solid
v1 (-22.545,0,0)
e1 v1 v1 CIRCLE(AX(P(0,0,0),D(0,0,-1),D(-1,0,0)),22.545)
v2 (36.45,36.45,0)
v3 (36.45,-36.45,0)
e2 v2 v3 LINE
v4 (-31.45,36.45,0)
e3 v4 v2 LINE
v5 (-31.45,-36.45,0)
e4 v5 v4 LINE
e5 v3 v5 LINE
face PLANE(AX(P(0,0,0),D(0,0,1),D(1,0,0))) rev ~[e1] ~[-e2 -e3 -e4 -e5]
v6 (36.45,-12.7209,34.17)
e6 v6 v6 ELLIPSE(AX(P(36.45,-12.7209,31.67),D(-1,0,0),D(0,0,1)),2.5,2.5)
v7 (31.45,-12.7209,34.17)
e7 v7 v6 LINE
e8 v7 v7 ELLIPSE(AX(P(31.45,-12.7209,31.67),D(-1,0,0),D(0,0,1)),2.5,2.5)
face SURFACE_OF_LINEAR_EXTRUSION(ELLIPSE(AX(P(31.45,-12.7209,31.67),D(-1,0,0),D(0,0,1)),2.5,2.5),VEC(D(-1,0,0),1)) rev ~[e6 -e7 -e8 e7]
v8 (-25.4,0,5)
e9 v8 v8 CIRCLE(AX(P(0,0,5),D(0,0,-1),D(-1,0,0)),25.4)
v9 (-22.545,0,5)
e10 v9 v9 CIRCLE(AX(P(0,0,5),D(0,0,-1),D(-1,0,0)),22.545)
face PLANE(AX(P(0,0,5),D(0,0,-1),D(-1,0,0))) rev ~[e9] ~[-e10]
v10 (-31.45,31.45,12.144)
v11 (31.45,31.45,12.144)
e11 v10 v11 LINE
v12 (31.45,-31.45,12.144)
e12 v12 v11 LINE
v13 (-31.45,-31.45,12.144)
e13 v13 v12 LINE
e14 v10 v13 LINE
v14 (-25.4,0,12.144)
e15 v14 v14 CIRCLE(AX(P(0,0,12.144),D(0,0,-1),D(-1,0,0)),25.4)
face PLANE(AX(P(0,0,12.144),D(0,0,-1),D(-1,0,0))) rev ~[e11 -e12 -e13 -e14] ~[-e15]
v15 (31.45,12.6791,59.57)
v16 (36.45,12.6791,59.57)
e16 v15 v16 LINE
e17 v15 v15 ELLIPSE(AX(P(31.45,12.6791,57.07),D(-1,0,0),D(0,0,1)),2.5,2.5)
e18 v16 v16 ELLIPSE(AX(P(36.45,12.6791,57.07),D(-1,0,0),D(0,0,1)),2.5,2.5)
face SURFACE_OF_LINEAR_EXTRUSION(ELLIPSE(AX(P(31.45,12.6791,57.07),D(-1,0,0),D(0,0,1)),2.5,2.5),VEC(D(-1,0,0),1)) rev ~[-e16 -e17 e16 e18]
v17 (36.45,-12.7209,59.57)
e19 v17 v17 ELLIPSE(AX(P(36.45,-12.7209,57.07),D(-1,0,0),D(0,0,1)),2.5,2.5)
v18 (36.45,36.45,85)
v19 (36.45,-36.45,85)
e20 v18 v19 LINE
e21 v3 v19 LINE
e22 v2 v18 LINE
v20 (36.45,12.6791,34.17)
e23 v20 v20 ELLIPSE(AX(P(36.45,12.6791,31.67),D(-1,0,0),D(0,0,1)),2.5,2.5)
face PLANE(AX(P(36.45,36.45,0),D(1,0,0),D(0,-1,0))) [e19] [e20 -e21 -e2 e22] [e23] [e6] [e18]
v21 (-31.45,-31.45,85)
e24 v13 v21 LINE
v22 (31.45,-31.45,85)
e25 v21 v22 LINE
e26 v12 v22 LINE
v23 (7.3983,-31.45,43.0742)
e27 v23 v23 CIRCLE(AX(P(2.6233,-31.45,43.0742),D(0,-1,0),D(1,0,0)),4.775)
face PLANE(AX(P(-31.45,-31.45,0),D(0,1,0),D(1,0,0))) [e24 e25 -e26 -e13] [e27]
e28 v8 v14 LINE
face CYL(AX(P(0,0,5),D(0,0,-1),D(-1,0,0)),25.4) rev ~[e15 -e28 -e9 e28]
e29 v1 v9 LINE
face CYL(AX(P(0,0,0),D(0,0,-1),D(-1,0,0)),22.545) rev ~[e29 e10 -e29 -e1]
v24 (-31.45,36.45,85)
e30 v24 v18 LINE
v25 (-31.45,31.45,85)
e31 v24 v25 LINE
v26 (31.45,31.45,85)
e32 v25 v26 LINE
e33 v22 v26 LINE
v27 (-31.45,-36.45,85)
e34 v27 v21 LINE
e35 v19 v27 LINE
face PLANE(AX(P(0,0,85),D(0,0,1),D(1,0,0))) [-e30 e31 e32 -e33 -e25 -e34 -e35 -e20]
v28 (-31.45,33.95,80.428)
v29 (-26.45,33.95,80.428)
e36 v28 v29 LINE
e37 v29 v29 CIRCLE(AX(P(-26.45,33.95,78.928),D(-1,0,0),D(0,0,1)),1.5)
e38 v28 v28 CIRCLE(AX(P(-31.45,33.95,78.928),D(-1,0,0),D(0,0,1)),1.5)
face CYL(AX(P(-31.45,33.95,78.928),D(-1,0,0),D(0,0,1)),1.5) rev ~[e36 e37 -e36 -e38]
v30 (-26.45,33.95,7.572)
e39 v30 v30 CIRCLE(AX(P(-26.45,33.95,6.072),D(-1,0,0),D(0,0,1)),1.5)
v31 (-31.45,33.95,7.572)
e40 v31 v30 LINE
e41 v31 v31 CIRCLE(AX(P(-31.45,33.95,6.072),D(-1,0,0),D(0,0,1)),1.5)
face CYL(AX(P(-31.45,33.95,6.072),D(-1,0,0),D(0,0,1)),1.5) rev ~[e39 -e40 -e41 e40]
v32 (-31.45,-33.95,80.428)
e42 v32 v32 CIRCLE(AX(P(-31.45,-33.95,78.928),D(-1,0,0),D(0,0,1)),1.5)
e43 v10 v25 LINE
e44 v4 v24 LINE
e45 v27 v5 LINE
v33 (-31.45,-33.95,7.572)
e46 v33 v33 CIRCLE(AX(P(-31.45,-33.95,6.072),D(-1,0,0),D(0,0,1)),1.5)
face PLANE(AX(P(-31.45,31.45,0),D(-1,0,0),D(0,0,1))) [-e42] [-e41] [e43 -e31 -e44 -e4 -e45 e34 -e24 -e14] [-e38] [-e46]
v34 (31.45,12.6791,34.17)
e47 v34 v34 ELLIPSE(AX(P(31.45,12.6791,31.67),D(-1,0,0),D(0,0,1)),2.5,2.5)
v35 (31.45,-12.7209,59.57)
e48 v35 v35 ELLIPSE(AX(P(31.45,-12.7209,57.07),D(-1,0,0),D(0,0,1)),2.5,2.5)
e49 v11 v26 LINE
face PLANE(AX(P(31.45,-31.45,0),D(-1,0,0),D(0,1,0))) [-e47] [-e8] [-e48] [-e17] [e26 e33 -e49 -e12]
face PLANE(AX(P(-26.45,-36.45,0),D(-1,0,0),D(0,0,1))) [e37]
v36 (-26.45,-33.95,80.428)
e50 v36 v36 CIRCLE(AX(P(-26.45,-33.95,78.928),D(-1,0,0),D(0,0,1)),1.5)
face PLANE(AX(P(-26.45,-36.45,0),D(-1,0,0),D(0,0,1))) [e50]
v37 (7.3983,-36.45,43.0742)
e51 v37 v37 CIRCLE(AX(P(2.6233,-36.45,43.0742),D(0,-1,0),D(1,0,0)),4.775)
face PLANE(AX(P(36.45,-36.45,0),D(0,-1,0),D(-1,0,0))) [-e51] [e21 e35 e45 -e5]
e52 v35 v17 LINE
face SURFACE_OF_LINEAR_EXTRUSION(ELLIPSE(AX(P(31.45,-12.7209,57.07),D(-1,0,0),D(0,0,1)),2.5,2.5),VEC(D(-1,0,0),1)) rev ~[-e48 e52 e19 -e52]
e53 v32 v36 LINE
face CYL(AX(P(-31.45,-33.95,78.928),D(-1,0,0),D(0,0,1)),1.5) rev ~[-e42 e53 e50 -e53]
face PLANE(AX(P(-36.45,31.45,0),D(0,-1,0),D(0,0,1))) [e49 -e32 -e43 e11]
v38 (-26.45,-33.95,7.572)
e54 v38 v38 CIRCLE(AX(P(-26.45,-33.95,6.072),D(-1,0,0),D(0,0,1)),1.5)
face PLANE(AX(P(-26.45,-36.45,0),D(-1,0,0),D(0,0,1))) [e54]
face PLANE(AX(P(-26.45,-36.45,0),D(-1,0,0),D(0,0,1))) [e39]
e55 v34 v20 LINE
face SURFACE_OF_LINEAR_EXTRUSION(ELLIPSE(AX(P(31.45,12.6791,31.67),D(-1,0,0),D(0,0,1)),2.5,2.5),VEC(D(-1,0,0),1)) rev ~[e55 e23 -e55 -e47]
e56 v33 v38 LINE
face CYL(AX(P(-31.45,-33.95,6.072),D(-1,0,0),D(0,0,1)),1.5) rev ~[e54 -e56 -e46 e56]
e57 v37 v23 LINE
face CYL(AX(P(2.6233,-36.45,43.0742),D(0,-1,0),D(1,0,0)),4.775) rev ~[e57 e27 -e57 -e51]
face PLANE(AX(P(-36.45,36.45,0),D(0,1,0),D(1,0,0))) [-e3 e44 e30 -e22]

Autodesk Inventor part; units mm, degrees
ref_plane "YZ Plane" through (0, 0, 0) normal (1, 0, 0) x (0, 1, 0)
ref_plane "XZ Plane" through (0, 0, 0) normal (0, 1, 0) x (-1, 0, 0)
ref_plane "XY Plane" through (0, 0, 0) normal (0, 0, 1) x (1, 0, 0)
sketch "Sketch1" plane through (0, 0, 0) normal (0, 0, 1) x (1, 0, 0)
  line L0 (-31.45, -31.45) -> (31.45, -31.45)
  line L1 (31.45, -31.45) -> (31.45, 31.45)
  line L2 (31.45, 31.45) -> (-31.45, 31.45)
  line L3 (-31.45, 31.45) -> (-31.45, -31.45)
  line L4 (-31.45, -31.45) -> (31.45, 31.45) construction
  line L5 (31.45, -31.45) -> (-31.45, 31.45) construction
  line L6 (-36.45, 36.45) -> (36.45, 36.45)
  line L7 (36.45, 36.45) -> (36.45, -36.45)
  line L8 (36.45, -36.45) -> (-36.45, -36.45)
  line L9 (-36.45, -36.45) -> (-36.45, 36.45)
  point P0 (0, 0)
  dimension "d0" = 62.9
  dimension "d1" = 62.9
  dimension "d2" = 5
extrude "Extrusion1" add sketch "Sketch1" along normal blind 85
sketch "Sketch2" plane through (0, 0, 0) normal (0, 0, -1) x (-1, 0, 0)
  line L0 (31.45, 31.45) -> (-31.45, 31.45) projected
  line L1 (31.45, -31.45) -> (-31.45, -31.45)
  line L2 (-31.45, -31.45) -> (-31.45, 31.45)
  line L3 (-31.45, 31.45) -> (31.45, 31.45)
  line L4 (31.45, 31.45) -> (31.45, -31.45)
  line L5 (31.45, -31.45) -> (-31.45, 31.45) construction
  line L6 (-31.45, -31.45) -> (31.45, 31.45) construction
  point P0 (0, 0)
  point P1 (31.45, 31.45)
extrude "Extrusion2" add sketch "Sketch2" against normal blind 12.144
sketch "Sketch3" plane through (-36.45, -36.45, 0) normal (-1, 0, 0) x (0, 0, 1)
  line L0 (85, 0) -> (85, 72.9) projected
  line L1 (85, 0) -> (0, 0)
  line L2 (0, 0) -> (0, 67.9)
  line L3 (0, 67.9) -> (85, 67.9)
  line L4 (85, 67.9) -> (85, 0)
  point P0 (0, 36.45)
extrude "Extrusion3" cut sketch "Sketch3" against normal blind 5
sketch "Sketch4" plane through (0, 0, 0) normal (0, 0, -1) x (-1, 0, 0)
  point P0 (0, 0)
sketch "Sketch5" plane through (-36.45, 31.45, 0) normal (-1, 0, 0) x (0, 0, 1)
  line L0 (0, 5) -> (0, 0) projected
  line L1 (0, 5) -> (85, 5) projected
  line L2 (0, 0) -> (85, 0) projected
  line L3 (85, 5) -> (85, 0) projected
  point P0 (0, -31.45)
extrude "Extrusion4" cut sketch "Sketch5" against normal blind 5
sketch "Sketch6" plane through (0, 0, 0) normal (0, 0, -1) x (-1, 0, 0)
  circle A0 centre (0, 0) radius 22.545
  dimension "d11" = 45.09
extrude "Extrusion5" cut sketch "Sketch6" against normal blind 5
sketch "Sketch7" plane through (0, 0, 5) normal (0, 0, -1) x (-1, 0, 0)
  circle A0 centre (0, 0) radius 25.4
  dimension "d14" = 50.8
sketch "Sketch8" plane through (0, 0, 12.144) normal (0, 0, 1) x (1, 0, 0)
  point P0 (0, 0)
extrude "Extrusion6" cut sketch "Sketch7" against normal blind 10
sketch "Sketch12" plane through (36.45, 36.45, 85) normal (0, 1, 0) x (1, 0, 0)
  circle A0 centre (-33.8267, 41.9258) radius 12.7 projected
  point P0 (-36.45, 85)
extrude "Extrusion10" cut sketch "Sketch12" along normal blind 5
sketch "Sketch13" plane through (31.45, -31.45, 85) normal (-1, 0, 0) x (0, 0, 1)
  ellipse E0 centre (-53.33, 18.7291) end of major axis (-50.83, 18.7291) minor radius 2.5 projected
  ellipse E1 centre (-27.93, 44.1291) end of major axis (-25.43, 44.1291) minor radius 2.5 projected
  ellipse E2 centre (-53.33, 44.1291) end of major axis (-50.83, 44.1291) minor radius 2.5 projected
  ellipse E3 centre (-27.93, 18.7291) end of major axis (-25.43, 18.7291) minor radius 2.5 projected
  point P0 (-85, 31.45)
extrude "Extrusion11" cut sketch "Sketch13" against normal blind 5
sketch "Sketch14" plane through (-31.45, -36.45, 0) normal (-1, 0, 0) x (0, 0, 1)
  circle A0 centre (6.072, 70.4) radius 1.5
  line L0 (0, 72.9) -> (85, 72.9) projected
  line L1 (0, 0) -> (0, 67.9) projected
  line L2 (12.144, 5) -> (12.144, 67.9) projected
  circle A1 centre (6.072, 2.5) radius 1.5
  line L3 (85, 0) -> (0, 0) projected
  circle A2 centre (78.928, 70.4) radius 1.5
  circle A3 centre (78.928, 2.5) radius 1.5
  line L4 (85, 5) -> (85, 0) projected
  point P0 (0, 36.45)
  dimension "d43" = 3
  dimension "d44" = 2.5
  dimension "d45" = 6.072
  dimension "d46" = 12.144
  dimension "d47" = 3
  dimension "d48" = 2.5
  dimension "d49" = 6.072
  dimension "d50" = 3
  dimension "d51" = 6.072
  dimension "d52" = 2.5
  dimension "d53" = 3
  dimension "d54" = 6.072
extrude "Extrusion12" cut sketch "Sketch14" against normal blind 5
thread "Thread5" size "M3x0.5" class "6H" standard "ANSI Metric M Profile" full length
thread "Thread6" size "M3x0.5" class "6H" standard "ANSI Metric M Profile" full length
thread "Thread7" size "M3x0.5" class "6H" standard "ANSI Metric M Profile" full length
thread "Thread8" size "M3x0.5" class "6H" standard "ANSI Metric M Profile" full length
sketch "Sketch15" plane through (36.45, -36.45, 0) normal (0, -1, 0) x (1, 0, 0)
  circle A0 centre (-33.8267, 43.0742) radius 12.7 projected
  circle A1 centre (-33.8267, 43.0742) radius 4.775
  point P0 (-36.45, 0)
  dimension "d65" = 9.55
extrude "Extrusion13" cut sketch "Sketch15" against normal blind 5 contours A1
properties part number "soporte 2.0"
